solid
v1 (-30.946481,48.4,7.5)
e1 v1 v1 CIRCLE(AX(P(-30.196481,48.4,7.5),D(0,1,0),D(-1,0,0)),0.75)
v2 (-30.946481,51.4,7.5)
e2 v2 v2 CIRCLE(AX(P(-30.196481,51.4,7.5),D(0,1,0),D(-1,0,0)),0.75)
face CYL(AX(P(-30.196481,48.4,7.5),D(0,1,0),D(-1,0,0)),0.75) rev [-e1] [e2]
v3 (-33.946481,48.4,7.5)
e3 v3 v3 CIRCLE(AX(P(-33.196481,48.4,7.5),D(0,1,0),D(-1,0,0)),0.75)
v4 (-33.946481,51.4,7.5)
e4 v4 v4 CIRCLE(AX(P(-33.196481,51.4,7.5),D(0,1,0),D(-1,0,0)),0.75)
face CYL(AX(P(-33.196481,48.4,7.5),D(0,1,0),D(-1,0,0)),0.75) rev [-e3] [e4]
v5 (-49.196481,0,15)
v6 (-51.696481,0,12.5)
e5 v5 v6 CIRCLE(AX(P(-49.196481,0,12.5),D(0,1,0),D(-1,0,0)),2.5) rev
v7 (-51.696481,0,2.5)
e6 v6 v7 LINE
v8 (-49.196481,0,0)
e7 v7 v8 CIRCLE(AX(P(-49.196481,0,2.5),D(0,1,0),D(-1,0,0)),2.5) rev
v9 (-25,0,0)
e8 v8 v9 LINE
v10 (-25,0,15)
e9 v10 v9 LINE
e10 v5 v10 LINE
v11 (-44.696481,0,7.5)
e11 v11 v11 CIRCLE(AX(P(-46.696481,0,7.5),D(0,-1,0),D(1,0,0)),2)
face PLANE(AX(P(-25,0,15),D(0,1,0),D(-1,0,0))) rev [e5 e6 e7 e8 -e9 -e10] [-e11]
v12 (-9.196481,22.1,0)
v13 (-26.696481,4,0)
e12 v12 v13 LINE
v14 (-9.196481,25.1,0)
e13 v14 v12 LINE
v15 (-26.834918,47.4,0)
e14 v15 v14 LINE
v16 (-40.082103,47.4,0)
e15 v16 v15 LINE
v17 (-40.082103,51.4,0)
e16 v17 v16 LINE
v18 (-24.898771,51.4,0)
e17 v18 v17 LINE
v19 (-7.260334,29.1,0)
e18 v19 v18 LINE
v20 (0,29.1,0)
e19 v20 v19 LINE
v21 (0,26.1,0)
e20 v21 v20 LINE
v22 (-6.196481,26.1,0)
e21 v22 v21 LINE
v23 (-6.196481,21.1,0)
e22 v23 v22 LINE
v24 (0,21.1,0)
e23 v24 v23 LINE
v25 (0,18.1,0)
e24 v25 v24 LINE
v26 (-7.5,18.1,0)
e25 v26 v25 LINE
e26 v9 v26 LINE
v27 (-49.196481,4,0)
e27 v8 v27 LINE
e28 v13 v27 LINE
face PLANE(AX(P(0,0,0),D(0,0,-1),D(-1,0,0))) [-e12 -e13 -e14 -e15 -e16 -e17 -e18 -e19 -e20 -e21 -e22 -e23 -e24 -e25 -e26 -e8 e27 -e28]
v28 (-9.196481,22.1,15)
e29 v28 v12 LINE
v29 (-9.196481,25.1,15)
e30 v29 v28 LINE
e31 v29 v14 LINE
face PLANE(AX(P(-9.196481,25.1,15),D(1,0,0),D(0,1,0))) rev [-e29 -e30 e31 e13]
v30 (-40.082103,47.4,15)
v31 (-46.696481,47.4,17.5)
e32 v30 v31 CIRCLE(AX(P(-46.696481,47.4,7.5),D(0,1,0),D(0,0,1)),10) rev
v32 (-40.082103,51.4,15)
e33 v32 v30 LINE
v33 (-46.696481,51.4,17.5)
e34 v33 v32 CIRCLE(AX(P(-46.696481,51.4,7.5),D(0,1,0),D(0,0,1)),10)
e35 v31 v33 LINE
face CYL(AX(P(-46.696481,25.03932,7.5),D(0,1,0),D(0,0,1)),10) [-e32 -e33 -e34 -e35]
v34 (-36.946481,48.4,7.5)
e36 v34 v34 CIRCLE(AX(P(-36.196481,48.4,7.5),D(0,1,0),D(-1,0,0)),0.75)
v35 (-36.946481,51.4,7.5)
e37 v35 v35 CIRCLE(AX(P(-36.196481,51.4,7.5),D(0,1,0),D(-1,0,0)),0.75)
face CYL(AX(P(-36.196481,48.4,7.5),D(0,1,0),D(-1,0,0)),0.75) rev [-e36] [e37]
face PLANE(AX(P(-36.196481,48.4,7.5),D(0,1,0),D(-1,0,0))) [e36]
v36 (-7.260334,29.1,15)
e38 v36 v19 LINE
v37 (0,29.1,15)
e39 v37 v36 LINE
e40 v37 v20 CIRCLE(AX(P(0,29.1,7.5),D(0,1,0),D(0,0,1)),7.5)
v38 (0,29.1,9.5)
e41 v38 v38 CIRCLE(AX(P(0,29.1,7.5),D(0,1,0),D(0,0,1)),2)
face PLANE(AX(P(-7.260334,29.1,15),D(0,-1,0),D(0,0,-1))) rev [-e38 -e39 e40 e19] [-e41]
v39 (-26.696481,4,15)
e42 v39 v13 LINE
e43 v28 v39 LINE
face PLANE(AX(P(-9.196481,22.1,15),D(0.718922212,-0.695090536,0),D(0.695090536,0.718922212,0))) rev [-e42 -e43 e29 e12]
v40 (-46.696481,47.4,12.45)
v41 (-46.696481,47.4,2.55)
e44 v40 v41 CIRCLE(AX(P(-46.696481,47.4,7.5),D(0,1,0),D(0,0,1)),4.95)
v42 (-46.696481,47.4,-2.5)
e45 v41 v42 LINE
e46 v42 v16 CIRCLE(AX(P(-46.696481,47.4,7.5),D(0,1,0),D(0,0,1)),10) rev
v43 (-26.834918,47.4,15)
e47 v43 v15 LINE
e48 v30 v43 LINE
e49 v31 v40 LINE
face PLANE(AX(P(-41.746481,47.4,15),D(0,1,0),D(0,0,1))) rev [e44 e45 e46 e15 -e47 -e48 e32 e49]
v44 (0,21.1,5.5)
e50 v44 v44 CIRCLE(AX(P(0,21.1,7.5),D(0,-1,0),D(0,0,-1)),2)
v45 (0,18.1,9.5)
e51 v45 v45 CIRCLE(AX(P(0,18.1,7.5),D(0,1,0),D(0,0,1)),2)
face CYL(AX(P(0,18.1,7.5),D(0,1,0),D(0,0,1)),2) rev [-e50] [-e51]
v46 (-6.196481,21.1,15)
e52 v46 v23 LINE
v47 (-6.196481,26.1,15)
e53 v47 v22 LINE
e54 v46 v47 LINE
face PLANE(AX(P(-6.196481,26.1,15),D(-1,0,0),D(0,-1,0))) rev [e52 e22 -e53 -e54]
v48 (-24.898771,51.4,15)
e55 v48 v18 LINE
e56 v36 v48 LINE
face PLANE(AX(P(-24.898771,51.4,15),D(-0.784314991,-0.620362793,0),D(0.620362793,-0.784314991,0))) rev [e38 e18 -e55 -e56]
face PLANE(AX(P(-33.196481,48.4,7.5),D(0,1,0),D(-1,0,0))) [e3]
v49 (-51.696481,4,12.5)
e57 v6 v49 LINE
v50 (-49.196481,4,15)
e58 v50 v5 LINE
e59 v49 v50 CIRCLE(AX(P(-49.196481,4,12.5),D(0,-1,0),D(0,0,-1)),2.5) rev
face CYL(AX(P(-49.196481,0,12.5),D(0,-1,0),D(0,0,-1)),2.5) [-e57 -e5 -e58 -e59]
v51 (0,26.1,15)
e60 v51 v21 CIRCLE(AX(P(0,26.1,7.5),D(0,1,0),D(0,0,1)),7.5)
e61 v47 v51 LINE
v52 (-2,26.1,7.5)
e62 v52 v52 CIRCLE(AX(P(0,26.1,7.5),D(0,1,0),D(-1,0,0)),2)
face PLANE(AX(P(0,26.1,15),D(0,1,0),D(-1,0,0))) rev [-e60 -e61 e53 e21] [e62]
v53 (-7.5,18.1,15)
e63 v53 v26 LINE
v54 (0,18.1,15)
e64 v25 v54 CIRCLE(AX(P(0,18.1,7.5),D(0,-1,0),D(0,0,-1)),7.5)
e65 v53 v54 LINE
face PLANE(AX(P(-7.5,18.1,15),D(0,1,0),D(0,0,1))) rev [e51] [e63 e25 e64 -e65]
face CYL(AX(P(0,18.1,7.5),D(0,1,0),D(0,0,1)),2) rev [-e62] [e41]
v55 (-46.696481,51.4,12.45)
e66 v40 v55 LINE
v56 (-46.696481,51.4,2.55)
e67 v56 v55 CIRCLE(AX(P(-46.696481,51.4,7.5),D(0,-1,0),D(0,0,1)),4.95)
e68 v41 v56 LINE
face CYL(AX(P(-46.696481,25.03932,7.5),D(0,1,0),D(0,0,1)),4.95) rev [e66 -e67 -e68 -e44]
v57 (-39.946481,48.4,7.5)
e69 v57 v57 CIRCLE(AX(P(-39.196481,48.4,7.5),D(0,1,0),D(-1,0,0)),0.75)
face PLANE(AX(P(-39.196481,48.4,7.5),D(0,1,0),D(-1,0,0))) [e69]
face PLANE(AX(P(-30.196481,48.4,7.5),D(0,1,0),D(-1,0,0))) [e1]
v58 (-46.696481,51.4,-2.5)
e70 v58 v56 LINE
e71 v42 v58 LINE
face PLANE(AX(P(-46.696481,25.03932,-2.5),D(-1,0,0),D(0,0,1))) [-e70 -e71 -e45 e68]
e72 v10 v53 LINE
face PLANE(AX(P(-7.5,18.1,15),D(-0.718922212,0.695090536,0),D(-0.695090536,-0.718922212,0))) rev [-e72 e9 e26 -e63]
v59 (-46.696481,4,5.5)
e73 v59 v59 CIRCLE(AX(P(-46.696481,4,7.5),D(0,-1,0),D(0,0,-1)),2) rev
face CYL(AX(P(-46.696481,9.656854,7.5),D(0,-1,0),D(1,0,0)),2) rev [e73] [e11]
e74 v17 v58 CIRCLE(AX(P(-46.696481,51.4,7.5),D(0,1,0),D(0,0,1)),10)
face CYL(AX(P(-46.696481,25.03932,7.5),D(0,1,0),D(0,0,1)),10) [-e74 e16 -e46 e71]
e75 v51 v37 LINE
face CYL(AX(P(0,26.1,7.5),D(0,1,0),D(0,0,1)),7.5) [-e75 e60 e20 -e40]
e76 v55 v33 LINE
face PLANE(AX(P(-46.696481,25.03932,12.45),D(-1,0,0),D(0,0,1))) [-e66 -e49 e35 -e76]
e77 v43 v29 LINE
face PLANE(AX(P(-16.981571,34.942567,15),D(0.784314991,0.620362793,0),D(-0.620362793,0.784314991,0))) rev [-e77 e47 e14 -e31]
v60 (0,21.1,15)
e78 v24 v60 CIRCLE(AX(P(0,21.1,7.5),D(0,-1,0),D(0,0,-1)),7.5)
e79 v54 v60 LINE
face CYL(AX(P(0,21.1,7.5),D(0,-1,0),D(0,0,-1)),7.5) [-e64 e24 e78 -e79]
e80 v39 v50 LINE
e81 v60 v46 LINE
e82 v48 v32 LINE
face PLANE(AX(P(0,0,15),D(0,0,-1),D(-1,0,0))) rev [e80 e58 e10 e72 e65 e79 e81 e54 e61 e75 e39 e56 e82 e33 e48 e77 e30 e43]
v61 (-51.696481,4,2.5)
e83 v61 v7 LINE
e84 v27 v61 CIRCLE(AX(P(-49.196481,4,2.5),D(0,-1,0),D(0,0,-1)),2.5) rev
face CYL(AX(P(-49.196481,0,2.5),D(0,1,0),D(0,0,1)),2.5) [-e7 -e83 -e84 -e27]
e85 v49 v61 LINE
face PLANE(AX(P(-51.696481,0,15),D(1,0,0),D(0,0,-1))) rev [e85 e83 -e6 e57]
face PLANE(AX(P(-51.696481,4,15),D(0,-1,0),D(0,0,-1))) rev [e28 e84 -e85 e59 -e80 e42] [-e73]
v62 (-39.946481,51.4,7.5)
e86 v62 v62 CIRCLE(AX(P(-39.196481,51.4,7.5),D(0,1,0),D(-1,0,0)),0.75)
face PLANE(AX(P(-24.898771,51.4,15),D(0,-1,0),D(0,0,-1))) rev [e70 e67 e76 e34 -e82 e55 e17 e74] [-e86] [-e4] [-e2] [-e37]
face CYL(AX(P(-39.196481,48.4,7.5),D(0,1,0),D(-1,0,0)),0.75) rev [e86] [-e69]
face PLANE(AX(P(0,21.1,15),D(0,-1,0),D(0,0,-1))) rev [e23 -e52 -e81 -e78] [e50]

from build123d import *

# Parameters (mm, degrees)
EXTRUDE_1_DEPTH     = 15
SKETCH_2_R          = 2
CUT_EXTRUDE_1_DEPTH = 4
SKETCH_3_R          = 7.5
EXTRUDE_2_DEPTH     = 3
EXTRUDE_START       = -3
SKETCH_4_R          = 7.5
EXTRUDE_3_DEPTH     = 3
SKETCH_5_R          = 2
CUT_EXTRUDE_2_DEPTH = 11
EXTRUDE_4_DEPTH     = 4
SKETCH_6_R          = 0.75
CUT_EXTRUDE_3_DEPTH = 3
FILLET_1_R          = 2.5


with BuildPart() as part:
    # 草圖1 → 填料-伸長1 (new body)
    with BuildSketch(Plane.XY):
        Polygon((-24.89877099, 51.4), (-7.260334344, 29.1), (0, 29.1), (0, 26.1), (-6.196480976, 26.1), (-6.196480976, 21.1), (0, 21.1), (0, 18.1), (-7.5, 18.1), (-25, 0), (-51.696480976, 0), (-51.696480976, 4), (-47.696480976, 4), (-26.696480976, 4), (-9.196480976, 22.1), (-9.196480976, 25.1), (-16.981570729, 34.942567398), (-26.834917623, 47.4), (-41.746480973, 47.4), (-41.746480973, 51.4), align=None)
    extrude(amount=EXTRUDE_1_DEPTH)

    # 草圖2 → 除料-伸長1 (cut)
    with BuildSketch(Plane.XZ):
        with Locations((-46.696480976, 7.5)):
            Circle(SKETCH_2_R)
    extrude(amount=-CUT_EXTRUDE_1_DEPTH, mode=Mode.SUBTRACT)

    # 草圖3 → 填料-伸長2 (add)
    with BuildSketch(Plane.XZ.offset(-18.1)):
        with Locations((0, 7.5)):
            Circle(SKETCH_3_R)
    extrude(amount=-EXTRUDE_2_DEPTH)

    # 草圖4 → 填料-伸長3 (add)
    with BuildSketch(Plane(origin=(0, 29.1, 0), x_dir=(1, 0, 0), z_dir=(0, 1, 0)).offset(EXTRUDE_START)):
        with Locations((0, -7.5)):
            Circle(SKETCH_4_R)
    extrude(amount=EXTRUDE_3_DEPTH)

    # 草圖5 → 除料-伸長2 (cut)
    with BuildSketch(Plane(origin=(0, 29.1, 0), x_dir=(1, 0, 0), z_dir=(0, 1, 0))):
        with Locations(Location((0, -7.5, 0), (0, 0, 270))):
            Circle(SKETCH_5_R)
    extrude(amount=-CUT_EXTRUDE_2_DEPTH, mode=Mode.SUBTRACT)

    # 草圖7 → 填料-伸長4 (add)
    with BuildSketch(Plane(origin=(0, 51.4, 0), x_dir=(1, 0, 0), z_dir=(0, 1, 0))):
        with BuildLine():
            Line((-46.696480973, 2.5), (-46.696480973, -2.55))
            ThreePointArc((-46.696480973, -2.55), (-41.746480973, -7.5), (-46.696480973, -12.45))
            Line((-46.696480973, -12.45), (-46.696480973, -17.5))
            ThreePointArc((-46.696480973, -17.5), (-36.696480973, -7.5), (-46.696480973, 2.5))
        make_face()
    extrude(amount=-EXTRUDE_4_DEPTH)

    # 草圖6 → 除料-伸長3 (cut)
    with BuildSketch(Plane(origin=(0, 51.4, 0), x_dir=(1, 0, 0), z_dir=(0, 1, 0))):
        with Locations(Location((-39.196480973, -7.5, 0), (0, 0, 180))):
            Circle(SKETCH_6_R)
        with Locations(Location((-36.196480973, -7.5, 0), (0, 0, 180))):
            Circle(SKETCH_6_R)
        with Locations(Location((-33.196480973, -7.5, 0), (0, 0, 180))):
            Circle(SKETCH_6_R)
        with Locations(Location((-30.196480973, -7.5, 0), (0, 0, 180))):
            Circle(SKETCH_6_R)
    extrude(amount=-CUT_EXTRUDE_3_DEPTH, mode=Mode.SUBTRACT)

    # 圓角1
    fillet_1_edges = [part.edges().sort_by_distance(p)[0] for p in [
        (-51.696480976, 2, 0),
        (-51.696480976, 2, 15),
    ]]
    fillet(fillet_1_edges, radius=FILLET_1_R)


solid = part.part
